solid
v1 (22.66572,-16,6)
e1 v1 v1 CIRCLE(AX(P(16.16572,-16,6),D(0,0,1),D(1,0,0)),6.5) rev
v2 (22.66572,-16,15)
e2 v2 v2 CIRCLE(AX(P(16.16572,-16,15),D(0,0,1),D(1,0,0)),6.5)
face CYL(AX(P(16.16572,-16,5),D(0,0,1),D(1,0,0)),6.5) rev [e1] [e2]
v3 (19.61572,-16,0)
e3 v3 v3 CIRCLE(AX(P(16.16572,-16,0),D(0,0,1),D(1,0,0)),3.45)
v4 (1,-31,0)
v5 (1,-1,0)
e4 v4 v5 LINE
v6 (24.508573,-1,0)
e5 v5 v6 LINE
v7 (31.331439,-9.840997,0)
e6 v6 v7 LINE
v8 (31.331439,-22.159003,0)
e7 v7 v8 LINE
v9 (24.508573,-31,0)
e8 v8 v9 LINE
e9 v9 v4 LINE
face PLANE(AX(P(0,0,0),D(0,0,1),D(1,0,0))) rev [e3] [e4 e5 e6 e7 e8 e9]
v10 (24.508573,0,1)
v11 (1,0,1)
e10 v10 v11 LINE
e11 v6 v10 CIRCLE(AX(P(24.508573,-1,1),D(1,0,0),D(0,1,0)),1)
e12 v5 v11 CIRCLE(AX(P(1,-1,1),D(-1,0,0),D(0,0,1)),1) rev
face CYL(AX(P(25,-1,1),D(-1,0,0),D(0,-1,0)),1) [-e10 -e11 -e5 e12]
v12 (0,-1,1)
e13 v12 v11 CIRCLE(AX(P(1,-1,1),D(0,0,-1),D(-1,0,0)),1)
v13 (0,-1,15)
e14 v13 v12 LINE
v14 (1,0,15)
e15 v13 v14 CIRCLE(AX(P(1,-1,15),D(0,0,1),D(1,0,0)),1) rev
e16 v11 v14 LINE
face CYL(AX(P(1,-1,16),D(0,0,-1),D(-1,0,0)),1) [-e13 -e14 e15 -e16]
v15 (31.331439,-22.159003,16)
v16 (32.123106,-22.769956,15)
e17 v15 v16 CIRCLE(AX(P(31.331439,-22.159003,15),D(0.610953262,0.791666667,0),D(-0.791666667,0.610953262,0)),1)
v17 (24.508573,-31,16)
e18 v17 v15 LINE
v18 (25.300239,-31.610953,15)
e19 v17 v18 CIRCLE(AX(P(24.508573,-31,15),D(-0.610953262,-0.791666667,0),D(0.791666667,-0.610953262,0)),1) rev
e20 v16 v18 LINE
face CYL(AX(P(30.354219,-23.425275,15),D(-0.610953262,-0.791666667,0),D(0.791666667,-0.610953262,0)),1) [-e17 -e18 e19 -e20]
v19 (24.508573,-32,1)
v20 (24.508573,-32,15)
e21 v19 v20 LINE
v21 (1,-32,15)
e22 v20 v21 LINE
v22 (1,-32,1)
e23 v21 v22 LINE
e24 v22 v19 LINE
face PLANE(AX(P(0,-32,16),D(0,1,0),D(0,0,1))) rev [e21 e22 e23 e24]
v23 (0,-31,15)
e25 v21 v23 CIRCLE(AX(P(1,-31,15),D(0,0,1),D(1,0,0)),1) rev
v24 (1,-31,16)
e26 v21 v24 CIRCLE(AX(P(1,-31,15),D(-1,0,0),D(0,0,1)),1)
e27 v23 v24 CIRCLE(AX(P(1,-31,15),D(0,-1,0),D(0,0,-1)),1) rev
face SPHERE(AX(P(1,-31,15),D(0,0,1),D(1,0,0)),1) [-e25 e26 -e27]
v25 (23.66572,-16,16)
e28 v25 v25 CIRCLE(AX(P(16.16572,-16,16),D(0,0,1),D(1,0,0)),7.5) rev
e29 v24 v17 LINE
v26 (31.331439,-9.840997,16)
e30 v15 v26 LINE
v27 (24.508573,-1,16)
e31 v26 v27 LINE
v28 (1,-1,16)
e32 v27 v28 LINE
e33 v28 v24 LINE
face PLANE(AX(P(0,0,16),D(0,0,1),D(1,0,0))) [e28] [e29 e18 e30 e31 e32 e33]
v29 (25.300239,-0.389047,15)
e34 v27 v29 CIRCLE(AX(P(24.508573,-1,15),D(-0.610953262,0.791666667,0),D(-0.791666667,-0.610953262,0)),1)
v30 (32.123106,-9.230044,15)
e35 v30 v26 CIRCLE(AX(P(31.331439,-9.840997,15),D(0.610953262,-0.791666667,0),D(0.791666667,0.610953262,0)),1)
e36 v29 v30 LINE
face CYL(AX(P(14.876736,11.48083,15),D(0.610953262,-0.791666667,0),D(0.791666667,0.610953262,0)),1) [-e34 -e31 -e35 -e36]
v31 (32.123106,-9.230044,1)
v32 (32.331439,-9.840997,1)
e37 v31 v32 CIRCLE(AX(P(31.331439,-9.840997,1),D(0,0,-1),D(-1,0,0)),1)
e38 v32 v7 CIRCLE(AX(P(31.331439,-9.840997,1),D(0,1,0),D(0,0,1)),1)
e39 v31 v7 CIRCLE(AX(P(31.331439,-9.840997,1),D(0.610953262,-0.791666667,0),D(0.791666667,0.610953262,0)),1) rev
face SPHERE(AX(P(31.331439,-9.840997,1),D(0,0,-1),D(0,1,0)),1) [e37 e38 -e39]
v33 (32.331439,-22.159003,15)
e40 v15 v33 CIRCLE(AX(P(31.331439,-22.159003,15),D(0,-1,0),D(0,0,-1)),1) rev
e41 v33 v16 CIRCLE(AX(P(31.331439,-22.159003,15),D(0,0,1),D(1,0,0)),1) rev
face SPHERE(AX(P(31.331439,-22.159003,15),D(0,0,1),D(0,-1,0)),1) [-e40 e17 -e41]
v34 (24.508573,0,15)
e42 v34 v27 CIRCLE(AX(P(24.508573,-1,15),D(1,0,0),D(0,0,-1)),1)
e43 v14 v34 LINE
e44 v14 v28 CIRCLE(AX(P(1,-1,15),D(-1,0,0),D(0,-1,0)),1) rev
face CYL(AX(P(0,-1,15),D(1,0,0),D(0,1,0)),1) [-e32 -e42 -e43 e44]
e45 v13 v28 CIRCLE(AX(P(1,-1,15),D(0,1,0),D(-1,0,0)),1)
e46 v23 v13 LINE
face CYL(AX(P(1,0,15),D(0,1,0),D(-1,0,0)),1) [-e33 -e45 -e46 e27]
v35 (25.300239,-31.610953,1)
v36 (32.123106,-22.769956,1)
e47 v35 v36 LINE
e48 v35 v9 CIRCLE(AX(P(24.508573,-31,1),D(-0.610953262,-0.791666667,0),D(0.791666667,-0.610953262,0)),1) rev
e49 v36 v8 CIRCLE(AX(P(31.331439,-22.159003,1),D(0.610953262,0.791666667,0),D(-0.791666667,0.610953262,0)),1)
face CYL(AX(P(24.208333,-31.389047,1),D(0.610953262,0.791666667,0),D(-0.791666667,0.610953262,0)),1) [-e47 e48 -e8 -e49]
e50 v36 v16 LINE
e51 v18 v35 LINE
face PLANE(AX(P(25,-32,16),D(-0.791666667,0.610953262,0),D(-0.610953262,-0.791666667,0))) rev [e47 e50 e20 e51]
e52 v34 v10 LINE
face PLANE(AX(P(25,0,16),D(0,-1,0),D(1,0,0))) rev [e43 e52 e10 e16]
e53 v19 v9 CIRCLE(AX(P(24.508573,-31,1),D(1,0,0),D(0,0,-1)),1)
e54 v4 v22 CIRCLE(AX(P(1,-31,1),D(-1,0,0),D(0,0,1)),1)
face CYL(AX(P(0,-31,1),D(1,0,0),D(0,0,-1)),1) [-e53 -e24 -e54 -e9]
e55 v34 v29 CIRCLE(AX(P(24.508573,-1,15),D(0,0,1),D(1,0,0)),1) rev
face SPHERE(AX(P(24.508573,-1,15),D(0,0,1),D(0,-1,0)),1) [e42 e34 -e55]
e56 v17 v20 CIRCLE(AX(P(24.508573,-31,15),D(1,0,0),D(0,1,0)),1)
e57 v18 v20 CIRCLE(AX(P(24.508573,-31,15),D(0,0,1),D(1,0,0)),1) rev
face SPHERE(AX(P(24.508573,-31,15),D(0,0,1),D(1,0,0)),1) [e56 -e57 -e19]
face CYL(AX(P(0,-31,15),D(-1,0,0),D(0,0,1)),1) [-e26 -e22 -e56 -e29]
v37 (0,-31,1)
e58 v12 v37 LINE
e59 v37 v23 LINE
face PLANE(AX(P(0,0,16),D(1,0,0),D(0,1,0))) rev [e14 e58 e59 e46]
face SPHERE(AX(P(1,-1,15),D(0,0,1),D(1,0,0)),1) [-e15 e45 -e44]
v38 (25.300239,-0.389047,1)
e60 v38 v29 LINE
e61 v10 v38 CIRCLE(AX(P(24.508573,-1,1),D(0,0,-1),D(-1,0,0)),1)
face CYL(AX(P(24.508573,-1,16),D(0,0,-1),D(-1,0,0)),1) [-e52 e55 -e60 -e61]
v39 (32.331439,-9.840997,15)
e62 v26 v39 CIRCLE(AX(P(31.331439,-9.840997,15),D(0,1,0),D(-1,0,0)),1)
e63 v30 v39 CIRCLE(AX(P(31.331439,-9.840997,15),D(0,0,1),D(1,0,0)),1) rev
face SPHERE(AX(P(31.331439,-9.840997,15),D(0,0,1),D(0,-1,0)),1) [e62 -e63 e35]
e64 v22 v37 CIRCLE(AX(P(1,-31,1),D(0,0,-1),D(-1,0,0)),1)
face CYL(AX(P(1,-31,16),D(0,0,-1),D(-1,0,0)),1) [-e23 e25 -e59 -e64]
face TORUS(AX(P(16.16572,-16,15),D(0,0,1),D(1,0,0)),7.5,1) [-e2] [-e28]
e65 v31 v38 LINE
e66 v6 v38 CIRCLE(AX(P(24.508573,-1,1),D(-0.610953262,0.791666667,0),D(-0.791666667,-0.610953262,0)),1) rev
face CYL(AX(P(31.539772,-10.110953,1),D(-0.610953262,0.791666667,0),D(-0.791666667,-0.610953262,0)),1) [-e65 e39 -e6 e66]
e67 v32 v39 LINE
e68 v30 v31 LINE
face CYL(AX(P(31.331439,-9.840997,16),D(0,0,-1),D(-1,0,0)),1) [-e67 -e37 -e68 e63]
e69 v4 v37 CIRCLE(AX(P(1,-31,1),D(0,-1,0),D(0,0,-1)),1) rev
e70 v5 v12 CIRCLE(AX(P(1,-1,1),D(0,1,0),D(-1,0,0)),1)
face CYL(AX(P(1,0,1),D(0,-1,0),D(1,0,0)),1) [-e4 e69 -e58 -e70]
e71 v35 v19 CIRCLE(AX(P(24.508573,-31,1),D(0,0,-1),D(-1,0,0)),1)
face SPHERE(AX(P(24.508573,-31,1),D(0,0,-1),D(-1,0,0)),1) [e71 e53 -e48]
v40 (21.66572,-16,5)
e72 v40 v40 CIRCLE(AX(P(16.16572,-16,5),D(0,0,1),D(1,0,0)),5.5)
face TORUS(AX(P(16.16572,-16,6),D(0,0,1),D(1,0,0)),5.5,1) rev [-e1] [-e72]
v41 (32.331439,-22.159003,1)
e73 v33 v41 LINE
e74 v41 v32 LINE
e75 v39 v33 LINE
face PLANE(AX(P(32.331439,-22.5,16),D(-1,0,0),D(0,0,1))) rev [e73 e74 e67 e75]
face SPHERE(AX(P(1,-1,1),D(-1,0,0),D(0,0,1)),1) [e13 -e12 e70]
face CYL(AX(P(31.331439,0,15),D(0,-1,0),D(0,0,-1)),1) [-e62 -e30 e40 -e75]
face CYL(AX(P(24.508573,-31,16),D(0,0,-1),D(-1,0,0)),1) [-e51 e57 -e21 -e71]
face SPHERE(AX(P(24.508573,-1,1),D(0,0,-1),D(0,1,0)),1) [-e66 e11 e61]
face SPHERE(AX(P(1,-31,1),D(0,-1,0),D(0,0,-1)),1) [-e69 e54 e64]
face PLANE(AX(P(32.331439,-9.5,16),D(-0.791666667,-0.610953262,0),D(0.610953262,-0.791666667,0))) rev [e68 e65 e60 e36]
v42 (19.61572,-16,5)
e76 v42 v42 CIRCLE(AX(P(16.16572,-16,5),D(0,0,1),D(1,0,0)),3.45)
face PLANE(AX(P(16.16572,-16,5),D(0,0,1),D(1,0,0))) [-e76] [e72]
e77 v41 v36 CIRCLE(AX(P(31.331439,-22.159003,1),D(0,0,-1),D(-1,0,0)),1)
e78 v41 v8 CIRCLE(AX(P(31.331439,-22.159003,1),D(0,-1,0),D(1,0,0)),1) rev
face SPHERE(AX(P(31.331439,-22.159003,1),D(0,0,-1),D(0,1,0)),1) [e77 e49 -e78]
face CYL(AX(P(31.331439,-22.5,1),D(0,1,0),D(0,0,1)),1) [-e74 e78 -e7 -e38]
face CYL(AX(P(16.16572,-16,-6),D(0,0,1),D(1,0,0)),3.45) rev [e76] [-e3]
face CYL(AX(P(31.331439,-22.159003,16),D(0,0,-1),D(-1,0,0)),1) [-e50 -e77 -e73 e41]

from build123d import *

# Parameters (mm, degrees)
BOSS_EXTRUDE1_DEPTH = 16
SKETCH4_R           = 6.5
CUT_EXTRUDE1_DEPTH  = 11
SKETCH5_R           = 3.45
CUT_EXTRUDE2_DEPTH  = 11
FILLET1_R           = 1


with BuildPart() as part:
    # Sketch3 → Boss-Extrude1 (new body)
    with BuildSketch(Plane.XY):
        Polygon((0, 0), (0, -32), (25, -32), (32.331439149, -22.5), (32.331439149, -9.5), (25, 0), align=None)
    extrude(amount=BOSS_EXTRUDE1_DEPTH)

    # Sketch4 → Cut-Extrude1 (cut)
    with BuildSketch(Plane.XY.offset(16)):
        with Locations((16.165719575, -16)):
            Circle(SKETCH4_R)
    extrude(amount=-CUT_EXTRUDE1_DEPTH, mode=Mode.SUBTRACT)

    # Sketch5 → Cut-Extrude2 (cut)
    with BuildSketch(Plane.XY.offset(5)):
        with Locations((16.165719575, -16)):
            Circle(SKETCH5_R)
    extrude(amount=-CUT_EXTRUDE2_DEPTH, mode=Mode.SUBTRACT)

    # Fillet1
    fillet1_edges = [part.edges().sort_by_distance(p)[0] for p in [
        (25, 0, 8),
        (32.331439149, -9.5, 8),
        (32.331439149, -22.5, 8),
        (25, -32, 8),
        (0, -32, 8),
        (0, 0, 8),
        (12.5, -32, 16),
        (28.665719575, -27.25, 16),
        (32.331439149, -16, 16),
        (9.665719575, -16, 5),
        (9.665719575, -16, 16),
        (28.665719575, -4.75, 16),
        (12.5, 0, 16),
        (28.665719575, -4.75, 0),
        (32.331439149, -16, 0),
        (28.665719575, -27.25, 0),
        (12.5, -32, 0),
        (0, -16, 0),
        (12.5, 0, 0),
        (0, -16, 16),
    ]]
    fillet(fillet1_edges, radius=FILLET1_R)


solid = part.part
